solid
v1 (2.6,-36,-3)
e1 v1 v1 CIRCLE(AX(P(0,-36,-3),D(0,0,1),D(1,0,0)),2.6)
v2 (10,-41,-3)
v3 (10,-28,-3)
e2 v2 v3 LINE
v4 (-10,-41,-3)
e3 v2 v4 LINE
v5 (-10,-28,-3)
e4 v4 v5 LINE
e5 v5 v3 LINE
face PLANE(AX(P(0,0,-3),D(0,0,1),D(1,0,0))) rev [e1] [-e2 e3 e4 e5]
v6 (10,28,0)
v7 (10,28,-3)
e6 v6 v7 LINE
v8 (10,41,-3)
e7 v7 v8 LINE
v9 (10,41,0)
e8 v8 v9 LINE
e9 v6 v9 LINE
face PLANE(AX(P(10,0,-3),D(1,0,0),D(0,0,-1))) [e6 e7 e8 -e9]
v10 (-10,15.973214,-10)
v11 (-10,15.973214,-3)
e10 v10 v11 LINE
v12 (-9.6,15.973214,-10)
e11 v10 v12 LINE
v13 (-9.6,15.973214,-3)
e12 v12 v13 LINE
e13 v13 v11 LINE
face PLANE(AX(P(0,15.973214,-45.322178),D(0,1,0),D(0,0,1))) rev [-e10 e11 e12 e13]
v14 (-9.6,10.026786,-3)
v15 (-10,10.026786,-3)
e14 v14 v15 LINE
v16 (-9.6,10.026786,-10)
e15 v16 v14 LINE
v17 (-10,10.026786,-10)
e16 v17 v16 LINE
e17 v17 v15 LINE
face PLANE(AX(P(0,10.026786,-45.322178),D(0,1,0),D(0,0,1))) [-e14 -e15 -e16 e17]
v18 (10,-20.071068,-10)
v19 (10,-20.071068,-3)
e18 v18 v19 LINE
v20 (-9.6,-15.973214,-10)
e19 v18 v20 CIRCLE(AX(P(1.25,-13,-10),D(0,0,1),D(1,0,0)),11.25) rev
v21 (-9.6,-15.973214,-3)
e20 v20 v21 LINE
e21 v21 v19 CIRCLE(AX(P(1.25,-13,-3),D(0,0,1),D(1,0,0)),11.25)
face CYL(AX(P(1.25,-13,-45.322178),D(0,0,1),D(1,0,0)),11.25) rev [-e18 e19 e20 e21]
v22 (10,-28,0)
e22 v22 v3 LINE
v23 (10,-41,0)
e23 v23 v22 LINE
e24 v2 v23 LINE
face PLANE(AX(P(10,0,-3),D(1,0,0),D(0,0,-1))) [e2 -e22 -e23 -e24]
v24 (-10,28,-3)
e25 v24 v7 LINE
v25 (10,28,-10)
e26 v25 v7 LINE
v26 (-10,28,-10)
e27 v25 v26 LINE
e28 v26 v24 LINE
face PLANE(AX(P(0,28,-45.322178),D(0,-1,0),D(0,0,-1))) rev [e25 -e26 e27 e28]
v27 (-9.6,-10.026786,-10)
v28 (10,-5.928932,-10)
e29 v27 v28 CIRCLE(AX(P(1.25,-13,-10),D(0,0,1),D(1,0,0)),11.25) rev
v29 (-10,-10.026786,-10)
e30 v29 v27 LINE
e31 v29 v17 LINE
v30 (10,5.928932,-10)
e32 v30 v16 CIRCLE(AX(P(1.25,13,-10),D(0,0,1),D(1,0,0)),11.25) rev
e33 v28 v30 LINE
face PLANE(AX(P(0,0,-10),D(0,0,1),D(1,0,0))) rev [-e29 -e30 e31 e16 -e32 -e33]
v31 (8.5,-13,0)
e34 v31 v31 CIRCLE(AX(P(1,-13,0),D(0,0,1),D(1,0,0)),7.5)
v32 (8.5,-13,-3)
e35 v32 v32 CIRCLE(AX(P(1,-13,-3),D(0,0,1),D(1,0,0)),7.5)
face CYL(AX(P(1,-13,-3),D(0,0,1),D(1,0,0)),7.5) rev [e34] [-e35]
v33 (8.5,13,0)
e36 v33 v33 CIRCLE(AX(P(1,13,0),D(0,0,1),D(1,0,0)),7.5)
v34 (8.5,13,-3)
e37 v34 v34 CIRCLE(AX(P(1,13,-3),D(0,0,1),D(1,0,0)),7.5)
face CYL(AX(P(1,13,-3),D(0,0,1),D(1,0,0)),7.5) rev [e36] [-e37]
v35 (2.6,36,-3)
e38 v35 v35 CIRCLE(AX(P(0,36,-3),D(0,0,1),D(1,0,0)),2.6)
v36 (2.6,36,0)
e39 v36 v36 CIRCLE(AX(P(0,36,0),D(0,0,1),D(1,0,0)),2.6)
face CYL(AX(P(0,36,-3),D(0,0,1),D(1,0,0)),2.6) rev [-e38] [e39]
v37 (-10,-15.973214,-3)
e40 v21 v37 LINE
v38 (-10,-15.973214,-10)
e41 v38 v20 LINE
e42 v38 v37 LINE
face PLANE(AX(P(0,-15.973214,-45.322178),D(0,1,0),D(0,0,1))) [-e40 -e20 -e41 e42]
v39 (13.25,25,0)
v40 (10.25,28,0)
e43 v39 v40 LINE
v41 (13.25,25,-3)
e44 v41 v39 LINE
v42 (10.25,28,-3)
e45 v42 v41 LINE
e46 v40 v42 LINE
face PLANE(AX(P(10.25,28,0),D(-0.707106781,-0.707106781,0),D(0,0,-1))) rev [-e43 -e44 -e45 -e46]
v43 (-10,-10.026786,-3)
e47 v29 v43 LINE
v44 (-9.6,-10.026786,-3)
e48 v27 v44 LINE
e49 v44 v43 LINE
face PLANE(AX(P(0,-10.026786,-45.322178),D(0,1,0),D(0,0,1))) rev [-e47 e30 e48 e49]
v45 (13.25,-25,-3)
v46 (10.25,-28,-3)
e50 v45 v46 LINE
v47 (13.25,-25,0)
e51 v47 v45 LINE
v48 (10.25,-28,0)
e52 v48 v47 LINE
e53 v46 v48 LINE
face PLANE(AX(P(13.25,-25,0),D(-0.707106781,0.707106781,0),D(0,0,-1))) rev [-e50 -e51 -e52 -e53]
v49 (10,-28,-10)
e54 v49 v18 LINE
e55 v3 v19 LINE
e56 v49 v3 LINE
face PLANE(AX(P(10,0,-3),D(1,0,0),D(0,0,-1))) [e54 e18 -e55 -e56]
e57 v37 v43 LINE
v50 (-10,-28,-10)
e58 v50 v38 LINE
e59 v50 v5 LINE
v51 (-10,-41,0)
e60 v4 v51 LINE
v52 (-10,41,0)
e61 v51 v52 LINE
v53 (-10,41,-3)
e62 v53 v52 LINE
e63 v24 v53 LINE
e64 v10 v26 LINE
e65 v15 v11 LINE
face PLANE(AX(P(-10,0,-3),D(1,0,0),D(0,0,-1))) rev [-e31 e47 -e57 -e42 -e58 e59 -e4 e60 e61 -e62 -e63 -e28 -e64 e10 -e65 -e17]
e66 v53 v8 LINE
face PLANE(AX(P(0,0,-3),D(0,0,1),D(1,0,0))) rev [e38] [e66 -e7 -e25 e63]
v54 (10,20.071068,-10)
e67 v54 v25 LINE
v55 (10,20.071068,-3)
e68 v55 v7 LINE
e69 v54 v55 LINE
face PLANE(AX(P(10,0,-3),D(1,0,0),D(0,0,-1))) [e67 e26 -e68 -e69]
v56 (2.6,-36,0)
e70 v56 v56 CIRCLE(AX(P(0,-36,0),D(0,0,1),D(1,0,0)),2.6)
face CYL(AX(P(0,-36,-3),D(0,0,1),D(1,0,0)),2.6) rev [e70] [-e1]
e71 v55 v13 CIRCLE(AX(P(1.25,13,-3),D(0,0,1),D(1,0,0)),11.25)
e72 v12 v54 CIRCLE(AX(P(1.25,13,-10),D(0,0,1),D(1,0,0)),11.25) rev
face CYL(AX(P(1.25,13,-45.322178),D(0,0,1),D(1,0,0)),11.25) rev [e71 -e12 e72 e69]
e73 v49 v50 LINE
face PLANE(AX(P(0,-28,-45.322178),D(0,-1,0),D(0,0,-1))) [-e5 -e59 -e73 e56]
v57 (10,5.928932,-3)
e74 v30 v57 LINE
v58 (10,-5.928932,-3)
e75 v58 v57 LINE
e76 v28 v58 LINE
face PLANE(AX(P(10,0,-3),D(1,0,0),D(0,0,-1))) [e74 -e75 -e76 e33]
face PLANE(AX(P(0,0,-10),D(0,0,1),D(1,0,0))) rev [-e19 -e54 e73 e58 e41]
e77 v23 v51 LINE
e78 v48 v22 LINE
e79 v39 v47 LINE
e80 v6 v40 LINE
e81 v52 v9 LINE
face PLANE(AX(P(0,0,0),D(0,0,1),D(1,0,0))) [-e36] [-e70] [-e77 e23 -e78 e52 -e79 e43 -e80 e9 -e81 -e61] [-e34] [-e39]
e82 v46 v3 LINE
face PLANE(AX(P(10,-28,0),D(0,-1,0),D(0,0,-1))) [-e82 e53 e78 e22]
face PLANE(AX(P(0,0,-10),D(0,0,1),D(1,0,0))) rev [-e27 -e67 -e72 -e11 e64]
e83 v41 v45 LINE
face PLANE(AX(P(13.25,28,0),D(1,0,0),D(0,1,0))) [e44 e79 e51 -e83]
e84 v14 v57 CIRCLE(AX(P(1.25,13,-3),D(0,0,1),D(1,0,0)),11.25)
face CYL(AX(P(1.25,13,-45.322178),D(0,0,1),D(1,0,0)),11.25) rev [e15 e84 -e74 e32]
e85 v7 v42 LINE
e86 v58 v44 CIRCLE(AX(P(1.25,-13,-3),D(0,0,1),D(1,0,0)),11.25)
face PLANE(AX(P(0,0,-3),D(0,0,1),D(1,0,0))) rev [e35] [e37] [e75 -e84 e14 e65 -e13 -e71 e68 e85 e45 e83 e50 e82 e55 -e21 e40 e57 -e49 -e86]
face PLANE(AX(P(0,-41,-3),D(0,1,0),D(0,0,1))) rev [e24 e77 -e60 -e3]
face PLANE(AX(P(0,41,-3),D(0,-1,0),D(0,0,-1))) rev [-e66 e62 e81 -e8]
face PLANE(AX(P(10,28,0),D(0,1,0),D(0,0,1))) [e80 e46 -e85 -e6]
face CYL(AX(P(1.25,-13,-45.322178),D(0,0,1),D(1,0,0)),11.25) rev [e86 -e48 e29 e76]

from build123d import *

# Parameters (mm, degrees)
SKETCH10_R           = 7.5
SKETCH10_W           = 20
SKETCH10_H           = 10
SKETCH10_R_2         = 2.6
BOSS_EXTRUDE7_DEPTH  = 3
BOSS_EXTRUDE10_DEPTH = 10
SKETCH12_W           = 3.25
SKETCH12_H           = 56
BOSS_EXTRUDE11_DEPTH = 3
CHAMFER2_SIZE        = 3
CHAMFER3_SIZE        = 3


with BuildPart() as part:
    # Sketch10 → Boss-Extrude7 (new body)
    # profile 1 of 3: a face of its own
    with BuildSketch(Plane.XY):
        Polygon((10, 19.32455532), (10, 31), (-10, 31), (-10, 15.101198027), (-10, -10.060612309), (-10, -31), (10, -31), (10, -17.409211947), align=None)
        with Locations((1, -13)):
            Circle(SKETCH10_R, mode=Mode.SUBTRACT)
        with Locations((1, 13)):
            Circle(SKETCH10_R, mode=Mode.SUBTRACT)
    # profile 2 of 3: a face of its own
    with BuildSketch(Plane.XY):
        with Locations((0, 36)):
            Rectangle(SKETCH10_W, SKETCH10_H)
        with Locations((0, 36)):
            Circle(SKETCH10_R_2, mode=Mode.SUBTRACT)
    # profile 3 of 3: a face of its own
    with BuildSketch(Plane.XY):
        with Locations((0, -36)):
            Rectangle(SKETCH10_W, SKETCH10_H)
        with Locations((0, -36)):
            Circle(SKETCH10_R_2, mode=Mode.SUBTRACT)
    extrude(amount=-BOSS_EXTRUDE7_DEPTH)

    # Sketch9 → Boss-Extrude10 (add)
    with BuildSketch(Plane.XY):
        with BuildLine():
            ThreePointArc((-9.6, 10.026786251), (-1.052303624, 1.988101979), (10, 5.928932188))
            Line((10, 5.928932188), (10, -5.928932188))
            ThreePointArc((10, -5.928932188), (-1.052303624, -1.988101979), (-9.6, -10.026786251))
            Line((-9.6, -10.026786251), (-10, -10.026786251))
            Line((-10, -10.026786251), (-10, 10.026786251))
            Line((-10, 10.026786251), (-9.6, 10.026786251))
        make_face()
        with BuildLine():
            Line((10, 20.071067812), (10, 28))
            Line((10, 28), (-10, 28))
            Line((-10, 28), (-10, 15.973213749))
            Line((-10, 15.973213749), (-9.6, 15.973213749))
            ThreePointArc((-9.6, 15.973213749), (-1.052303624, 24.011898021), (10, 20.071067812))
        make_face()
        with BuildLine():
            Line((-10, -28), (10, -28))
            Line((10, -28), (10, -20.071067812))
            ThreePointArc((10, -20.071067812), (-1.052303624, -24.011898021), (-9.6, -15.973213749))
            Line((-9.6, -15.973213749), (-10, -15.973213749))
            Line((-10, -15.973213749), (-10, -28))
        make_face()
    extrude(amount=-BOSS_EXTRUDE10_DEPTH)

    # Sketch12 → Boss-Extrude11 (add)
    with BuildSketch(Plane(origin=(0, 0, -3), x_dir=(-1, 0, 0), z_dir=(0, 0, -1))):
        with Locations((-11.625, 0)):
            Rectangle(SKETCH12_W, SKETCH12_H)
    extrude(amount=-BOSS_EXTRUDE11_DEPTH)

    # Chamfer2
    chamfer2_edges = [part.edges().sort_by_distance(p)[0] for p in [
        (13.25, -28, -1.5),
    ]]
    chamfer(chamfer2_edges, length=CHAMFER2_SIZE)

    # Chamfer3
    chamfer3_edges = [part.edges().sort_by_distance(p)[0] for p in [
        (13.25, 28, -1.5),
    ]]
    chamfer(chamfer3_edges, length=CHAMFER3_SIZE)


solid = part.part
